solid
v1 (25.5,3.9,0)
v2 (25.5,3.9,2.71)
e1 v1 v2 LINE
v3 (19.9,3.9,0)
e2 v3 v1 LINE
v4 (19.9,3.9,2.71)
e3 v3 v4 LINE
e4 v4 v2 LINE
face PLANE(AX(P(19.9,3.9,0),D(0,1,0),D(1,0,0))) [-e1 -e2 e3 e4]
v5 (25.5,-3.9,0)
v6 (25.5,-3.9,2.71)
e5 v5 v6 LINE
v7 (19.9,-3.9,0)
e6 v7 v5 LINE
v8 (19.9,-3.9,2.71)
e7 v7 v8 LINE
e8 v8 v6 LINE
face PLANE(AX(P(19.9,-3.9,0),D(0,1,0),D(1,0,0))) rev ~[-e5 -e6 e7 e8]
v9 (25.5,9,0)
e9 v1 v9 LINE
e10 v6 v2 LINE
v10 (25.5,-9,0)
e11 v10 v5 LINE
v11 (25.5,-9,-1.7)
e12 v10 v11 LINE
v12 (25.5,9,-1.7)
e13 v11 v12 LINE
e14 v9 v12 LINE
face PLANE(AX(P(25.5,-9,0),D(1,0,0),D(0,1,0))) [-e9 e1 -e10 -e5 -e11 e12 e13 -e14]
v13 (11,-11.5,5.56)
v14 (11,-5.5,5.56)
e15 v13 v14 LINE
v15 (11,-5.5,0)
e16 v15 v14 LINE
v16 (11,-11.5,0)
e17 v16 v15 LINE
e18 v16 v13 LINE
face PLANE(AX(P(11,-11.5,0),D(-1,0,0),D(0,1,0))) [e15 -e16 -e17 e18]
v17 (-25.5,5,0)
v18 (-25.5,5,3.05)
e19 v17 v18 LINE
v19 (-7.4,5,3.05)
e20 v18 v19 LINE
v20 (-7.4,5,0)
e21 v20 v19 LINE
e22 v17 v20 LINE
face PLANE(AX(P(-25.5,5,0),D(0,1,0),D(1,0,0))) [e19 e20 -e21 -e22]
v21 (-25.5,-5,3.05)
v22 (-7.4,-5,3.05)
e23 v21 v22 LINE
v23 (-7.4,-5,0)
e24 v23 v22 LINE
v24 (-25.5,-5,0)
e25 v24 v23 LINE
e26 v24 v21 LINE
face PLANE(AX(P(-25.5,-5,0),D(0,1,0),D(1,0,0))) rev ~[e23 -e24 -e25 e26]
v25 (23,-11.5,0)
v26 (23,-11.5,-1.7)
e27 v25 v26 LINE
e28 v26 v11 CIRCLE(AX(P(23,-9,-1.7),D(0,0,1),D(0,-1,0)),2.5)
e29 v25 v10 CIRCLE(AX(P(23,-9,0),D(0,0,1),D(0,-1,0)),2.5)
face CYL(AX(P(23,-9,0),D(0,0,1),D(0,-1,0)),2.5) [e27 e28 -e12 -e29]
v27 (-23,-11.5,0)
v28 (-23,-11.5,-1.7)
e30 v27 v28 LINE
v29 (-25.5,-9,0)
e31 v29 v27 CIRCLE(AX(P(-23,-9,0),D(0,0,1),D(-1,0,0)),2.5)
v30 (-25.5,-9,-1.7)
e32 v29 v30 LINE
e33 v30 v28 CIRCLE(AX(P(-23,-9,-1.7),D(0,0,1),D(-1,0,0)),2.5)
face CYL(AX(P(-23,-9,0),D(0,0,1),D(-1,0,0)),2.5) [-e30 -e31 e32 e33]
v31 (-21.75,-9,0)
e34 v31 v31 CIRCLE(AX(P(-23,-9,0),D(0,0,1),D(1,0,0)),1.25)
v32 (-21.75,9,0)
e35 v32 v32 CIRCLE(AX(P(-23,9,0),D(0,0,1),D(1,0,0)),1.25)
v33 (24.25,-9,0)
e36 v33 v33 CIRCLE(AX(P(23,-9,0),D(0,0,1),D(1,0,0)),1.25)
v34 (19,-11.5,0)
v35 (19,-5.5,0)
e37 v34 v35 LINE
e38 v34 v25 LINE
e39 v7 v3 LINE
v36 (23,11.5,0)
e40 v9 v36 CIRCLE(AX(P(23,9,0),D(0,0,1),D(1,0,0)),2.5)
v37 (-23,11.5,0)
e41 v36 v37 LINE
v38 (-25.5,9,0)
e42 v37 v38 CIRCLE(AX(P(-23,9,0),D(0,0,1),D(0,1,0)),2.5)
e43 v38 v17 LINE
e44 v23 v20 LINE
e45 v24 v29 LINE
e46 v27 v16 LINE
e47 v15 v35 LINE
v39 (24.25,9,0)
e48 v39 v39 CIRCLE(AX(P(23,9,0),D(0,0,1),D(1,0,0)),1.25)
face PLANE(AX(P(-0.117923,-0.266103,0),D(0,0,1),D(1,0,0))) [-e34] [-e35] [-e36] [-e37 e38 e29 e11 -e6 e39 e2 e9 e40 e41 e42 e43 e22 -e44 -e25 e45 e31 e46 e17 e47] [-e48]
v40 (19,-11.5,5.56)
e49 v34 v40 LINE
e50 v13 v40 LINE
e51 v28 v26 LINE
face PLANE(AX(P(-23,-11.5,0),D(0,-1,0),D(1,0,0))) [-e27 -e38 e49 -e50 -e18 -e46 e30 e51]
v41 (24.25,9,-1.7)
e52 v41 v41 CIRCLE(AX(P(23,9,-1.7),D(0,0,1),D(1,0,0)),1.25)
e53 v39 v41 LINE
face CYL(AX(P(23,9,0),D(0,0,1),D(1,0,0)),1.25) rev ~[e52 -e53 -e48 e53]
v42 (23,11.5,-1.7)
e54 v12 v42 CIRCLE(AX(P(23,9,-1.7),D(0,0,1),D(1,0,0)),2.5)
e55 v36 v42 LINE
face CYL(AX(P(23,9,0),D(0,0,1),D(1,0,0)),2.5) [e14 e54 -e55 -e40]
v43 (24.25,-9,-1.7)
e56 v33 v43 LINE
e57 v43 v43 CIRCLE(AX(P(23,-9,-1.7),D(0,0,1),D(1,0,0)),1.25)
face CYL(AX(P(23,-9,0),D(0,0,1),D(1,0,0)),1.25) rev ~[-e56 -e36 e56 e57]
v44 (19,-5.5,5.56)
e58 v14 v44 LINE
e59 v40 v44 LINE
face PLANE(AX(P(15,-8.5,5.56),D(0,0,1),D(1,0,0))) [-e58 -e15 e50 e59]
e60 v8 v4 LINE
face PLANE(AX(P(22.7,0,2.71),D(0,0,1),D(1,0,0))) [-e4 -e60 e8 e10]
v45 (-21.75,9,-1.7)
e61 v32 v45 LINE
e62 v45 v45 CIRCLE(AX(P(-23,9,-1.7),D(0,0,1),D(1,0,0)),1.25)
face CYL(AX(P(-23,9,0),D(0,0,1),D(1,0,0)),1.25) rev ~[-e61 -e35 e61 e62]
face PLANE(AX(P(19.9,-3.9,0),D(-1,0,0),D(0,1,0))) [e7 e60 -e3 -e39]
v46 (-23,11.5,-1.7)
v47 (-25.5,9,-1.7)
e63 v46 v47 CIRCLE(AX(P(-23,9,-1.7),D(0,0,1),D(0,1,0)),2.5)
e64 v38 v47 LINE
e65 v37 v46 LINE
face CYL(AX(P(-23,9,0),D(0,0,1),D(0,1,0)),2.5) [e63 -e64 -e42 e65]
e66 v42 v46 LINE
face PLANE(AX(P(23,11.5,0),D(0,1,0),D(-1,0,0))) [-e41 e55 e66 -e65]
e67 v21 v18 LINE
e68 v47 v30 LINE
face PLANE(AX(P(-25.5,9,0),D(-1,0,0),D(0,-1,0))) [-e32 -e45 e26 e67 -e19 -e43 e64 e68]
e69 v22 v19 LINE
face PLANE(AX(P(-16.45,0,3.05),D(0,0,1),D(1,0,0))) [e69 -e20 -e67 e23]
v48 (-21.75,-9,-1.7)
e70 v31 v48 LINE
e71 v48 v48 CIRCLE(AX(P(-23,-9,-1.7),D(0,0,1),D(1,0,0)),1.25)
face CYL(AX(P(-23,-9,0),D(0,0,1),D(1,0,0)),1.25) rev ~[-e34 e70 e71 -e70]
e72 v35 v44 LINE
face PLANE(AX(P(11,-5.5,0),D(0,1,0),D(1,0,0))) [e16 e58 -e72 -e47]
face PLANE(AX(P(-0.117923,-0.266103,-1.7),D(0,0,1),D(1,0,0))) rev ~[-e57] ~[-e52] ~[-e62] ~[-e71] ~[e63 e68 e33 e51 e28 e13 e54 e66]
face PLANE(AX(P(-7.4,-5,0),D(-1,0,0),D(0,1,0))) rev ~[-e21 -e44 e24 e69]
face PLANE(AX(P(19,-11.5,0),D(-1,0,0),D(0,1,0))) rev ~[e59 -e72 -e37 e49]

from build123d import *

# Parameters (mm, degrees)
F4_R     = 1.25
F4_W     = 18.1
F4_H     = 10
F4_W_2   = 8
F4_H_2   = 6
F4_W_3   = 5.6
F4_H_3   = 7.8
F5_DEPTH = 1.7
F6_DEPTH = 5.56
F7_DEPTH = 3.05
F8_DEPTH = 2.71


with BuildPart() as f5:
    # F4 (on Top) → F5 (new body)
    with BuildSketch(Plane.XY):
        with BuildLine():
            Line((23, 11.5), (-23, 11.5))
            ThreePointArc((-23, 11.5), (-24.767766953, 10.767766953), (-25.5, 9))
            Line((-25.5, 9), (-25.5, 5))
            Line((-25.5, 5), (-7.4, 5))
            Line((-7.4, 5), (-7.4, -5))
            Line((-7.4, -5), (-25.5, -5))
            Line((-25.5, -5), (-25.5, -9))
            ThreePointArc((-25.5, -9), (-24.767766953, -10.767766953), (-23, -11.5))
            Line((-23, -11.5), (11, -11.5))
            Line((11, -11.5), (11, -5.5))
            Line((11, -5.5), (19, -5.5))
            Line((19, -5.5), (19, -11.5))
            Line((19, -11.5), (23, -11.5))
            ThreePointArc((23, -11.5), (24.767766953, -10.767766953), (25.5, -9))
            Line((25.5, -9), (25.5, -3.9))
            Line((25.5, -3.9), (19.9, -3.9))
            Line((19.9, -3.9), (19.9, 3.9))
            Line((19.9, 3.9), (25.5, 3.9))
            Line((25.5, 3.9), (25.5, 9))
            ThreePointArc((25.5, 9), (24.767766953, 10.767766953), (23, 11.5))
        make_face()
        with Locations((-23, -9)):
            Circle(F4_R, mode=Mode.SUBTRACT)
        with Locations((23, -9)):
            Circle(F4_R, mode=Mode.SUBTRACT)
        with Locations((-23, 9)):
            Circle(F4_R, mode=Mode.SUBTRACT)
        with Locations((23, 9)):
            Circle(F4_R, mode=Mode.SUBTRACT)
        with Locations((-16.45, 0)):
            Rectangle(F4_W, F4_H)
        with Locations((15, -8.5)):
            Rectangle(F4_W_2, F4_H_2)
        with Locations((22.7, 0)):
            Rectangle(F4_W_3, F4_H_3)
    extrude(amount=-F5_DEPTH)

    # F4 (on Top) → F6 (join)
    with BuildSketch(Plane.XY):
        with Locations((15, -8.5)):
            Rectangle(F4_W_2, F4_H_2)
    extrude(amount=F6_DEPTH)

    # F4 (on Top) → F7 (join)
    with BuildSketch(Plane.XY):
        with Locations((-16.45, 0)):
            Rectangle(F4_W, F4_H)
    extrude(amount=F7_DEPTH)

    # F4 (on Top) → F8 (join)
    with BuildSketch(Plane.XY):
        with Locations((22.7, 0)):
            Rectangle(F4_W_3, F4_H_3)
    extrude(amount=F8_DEPTH)


solid = f5.part
